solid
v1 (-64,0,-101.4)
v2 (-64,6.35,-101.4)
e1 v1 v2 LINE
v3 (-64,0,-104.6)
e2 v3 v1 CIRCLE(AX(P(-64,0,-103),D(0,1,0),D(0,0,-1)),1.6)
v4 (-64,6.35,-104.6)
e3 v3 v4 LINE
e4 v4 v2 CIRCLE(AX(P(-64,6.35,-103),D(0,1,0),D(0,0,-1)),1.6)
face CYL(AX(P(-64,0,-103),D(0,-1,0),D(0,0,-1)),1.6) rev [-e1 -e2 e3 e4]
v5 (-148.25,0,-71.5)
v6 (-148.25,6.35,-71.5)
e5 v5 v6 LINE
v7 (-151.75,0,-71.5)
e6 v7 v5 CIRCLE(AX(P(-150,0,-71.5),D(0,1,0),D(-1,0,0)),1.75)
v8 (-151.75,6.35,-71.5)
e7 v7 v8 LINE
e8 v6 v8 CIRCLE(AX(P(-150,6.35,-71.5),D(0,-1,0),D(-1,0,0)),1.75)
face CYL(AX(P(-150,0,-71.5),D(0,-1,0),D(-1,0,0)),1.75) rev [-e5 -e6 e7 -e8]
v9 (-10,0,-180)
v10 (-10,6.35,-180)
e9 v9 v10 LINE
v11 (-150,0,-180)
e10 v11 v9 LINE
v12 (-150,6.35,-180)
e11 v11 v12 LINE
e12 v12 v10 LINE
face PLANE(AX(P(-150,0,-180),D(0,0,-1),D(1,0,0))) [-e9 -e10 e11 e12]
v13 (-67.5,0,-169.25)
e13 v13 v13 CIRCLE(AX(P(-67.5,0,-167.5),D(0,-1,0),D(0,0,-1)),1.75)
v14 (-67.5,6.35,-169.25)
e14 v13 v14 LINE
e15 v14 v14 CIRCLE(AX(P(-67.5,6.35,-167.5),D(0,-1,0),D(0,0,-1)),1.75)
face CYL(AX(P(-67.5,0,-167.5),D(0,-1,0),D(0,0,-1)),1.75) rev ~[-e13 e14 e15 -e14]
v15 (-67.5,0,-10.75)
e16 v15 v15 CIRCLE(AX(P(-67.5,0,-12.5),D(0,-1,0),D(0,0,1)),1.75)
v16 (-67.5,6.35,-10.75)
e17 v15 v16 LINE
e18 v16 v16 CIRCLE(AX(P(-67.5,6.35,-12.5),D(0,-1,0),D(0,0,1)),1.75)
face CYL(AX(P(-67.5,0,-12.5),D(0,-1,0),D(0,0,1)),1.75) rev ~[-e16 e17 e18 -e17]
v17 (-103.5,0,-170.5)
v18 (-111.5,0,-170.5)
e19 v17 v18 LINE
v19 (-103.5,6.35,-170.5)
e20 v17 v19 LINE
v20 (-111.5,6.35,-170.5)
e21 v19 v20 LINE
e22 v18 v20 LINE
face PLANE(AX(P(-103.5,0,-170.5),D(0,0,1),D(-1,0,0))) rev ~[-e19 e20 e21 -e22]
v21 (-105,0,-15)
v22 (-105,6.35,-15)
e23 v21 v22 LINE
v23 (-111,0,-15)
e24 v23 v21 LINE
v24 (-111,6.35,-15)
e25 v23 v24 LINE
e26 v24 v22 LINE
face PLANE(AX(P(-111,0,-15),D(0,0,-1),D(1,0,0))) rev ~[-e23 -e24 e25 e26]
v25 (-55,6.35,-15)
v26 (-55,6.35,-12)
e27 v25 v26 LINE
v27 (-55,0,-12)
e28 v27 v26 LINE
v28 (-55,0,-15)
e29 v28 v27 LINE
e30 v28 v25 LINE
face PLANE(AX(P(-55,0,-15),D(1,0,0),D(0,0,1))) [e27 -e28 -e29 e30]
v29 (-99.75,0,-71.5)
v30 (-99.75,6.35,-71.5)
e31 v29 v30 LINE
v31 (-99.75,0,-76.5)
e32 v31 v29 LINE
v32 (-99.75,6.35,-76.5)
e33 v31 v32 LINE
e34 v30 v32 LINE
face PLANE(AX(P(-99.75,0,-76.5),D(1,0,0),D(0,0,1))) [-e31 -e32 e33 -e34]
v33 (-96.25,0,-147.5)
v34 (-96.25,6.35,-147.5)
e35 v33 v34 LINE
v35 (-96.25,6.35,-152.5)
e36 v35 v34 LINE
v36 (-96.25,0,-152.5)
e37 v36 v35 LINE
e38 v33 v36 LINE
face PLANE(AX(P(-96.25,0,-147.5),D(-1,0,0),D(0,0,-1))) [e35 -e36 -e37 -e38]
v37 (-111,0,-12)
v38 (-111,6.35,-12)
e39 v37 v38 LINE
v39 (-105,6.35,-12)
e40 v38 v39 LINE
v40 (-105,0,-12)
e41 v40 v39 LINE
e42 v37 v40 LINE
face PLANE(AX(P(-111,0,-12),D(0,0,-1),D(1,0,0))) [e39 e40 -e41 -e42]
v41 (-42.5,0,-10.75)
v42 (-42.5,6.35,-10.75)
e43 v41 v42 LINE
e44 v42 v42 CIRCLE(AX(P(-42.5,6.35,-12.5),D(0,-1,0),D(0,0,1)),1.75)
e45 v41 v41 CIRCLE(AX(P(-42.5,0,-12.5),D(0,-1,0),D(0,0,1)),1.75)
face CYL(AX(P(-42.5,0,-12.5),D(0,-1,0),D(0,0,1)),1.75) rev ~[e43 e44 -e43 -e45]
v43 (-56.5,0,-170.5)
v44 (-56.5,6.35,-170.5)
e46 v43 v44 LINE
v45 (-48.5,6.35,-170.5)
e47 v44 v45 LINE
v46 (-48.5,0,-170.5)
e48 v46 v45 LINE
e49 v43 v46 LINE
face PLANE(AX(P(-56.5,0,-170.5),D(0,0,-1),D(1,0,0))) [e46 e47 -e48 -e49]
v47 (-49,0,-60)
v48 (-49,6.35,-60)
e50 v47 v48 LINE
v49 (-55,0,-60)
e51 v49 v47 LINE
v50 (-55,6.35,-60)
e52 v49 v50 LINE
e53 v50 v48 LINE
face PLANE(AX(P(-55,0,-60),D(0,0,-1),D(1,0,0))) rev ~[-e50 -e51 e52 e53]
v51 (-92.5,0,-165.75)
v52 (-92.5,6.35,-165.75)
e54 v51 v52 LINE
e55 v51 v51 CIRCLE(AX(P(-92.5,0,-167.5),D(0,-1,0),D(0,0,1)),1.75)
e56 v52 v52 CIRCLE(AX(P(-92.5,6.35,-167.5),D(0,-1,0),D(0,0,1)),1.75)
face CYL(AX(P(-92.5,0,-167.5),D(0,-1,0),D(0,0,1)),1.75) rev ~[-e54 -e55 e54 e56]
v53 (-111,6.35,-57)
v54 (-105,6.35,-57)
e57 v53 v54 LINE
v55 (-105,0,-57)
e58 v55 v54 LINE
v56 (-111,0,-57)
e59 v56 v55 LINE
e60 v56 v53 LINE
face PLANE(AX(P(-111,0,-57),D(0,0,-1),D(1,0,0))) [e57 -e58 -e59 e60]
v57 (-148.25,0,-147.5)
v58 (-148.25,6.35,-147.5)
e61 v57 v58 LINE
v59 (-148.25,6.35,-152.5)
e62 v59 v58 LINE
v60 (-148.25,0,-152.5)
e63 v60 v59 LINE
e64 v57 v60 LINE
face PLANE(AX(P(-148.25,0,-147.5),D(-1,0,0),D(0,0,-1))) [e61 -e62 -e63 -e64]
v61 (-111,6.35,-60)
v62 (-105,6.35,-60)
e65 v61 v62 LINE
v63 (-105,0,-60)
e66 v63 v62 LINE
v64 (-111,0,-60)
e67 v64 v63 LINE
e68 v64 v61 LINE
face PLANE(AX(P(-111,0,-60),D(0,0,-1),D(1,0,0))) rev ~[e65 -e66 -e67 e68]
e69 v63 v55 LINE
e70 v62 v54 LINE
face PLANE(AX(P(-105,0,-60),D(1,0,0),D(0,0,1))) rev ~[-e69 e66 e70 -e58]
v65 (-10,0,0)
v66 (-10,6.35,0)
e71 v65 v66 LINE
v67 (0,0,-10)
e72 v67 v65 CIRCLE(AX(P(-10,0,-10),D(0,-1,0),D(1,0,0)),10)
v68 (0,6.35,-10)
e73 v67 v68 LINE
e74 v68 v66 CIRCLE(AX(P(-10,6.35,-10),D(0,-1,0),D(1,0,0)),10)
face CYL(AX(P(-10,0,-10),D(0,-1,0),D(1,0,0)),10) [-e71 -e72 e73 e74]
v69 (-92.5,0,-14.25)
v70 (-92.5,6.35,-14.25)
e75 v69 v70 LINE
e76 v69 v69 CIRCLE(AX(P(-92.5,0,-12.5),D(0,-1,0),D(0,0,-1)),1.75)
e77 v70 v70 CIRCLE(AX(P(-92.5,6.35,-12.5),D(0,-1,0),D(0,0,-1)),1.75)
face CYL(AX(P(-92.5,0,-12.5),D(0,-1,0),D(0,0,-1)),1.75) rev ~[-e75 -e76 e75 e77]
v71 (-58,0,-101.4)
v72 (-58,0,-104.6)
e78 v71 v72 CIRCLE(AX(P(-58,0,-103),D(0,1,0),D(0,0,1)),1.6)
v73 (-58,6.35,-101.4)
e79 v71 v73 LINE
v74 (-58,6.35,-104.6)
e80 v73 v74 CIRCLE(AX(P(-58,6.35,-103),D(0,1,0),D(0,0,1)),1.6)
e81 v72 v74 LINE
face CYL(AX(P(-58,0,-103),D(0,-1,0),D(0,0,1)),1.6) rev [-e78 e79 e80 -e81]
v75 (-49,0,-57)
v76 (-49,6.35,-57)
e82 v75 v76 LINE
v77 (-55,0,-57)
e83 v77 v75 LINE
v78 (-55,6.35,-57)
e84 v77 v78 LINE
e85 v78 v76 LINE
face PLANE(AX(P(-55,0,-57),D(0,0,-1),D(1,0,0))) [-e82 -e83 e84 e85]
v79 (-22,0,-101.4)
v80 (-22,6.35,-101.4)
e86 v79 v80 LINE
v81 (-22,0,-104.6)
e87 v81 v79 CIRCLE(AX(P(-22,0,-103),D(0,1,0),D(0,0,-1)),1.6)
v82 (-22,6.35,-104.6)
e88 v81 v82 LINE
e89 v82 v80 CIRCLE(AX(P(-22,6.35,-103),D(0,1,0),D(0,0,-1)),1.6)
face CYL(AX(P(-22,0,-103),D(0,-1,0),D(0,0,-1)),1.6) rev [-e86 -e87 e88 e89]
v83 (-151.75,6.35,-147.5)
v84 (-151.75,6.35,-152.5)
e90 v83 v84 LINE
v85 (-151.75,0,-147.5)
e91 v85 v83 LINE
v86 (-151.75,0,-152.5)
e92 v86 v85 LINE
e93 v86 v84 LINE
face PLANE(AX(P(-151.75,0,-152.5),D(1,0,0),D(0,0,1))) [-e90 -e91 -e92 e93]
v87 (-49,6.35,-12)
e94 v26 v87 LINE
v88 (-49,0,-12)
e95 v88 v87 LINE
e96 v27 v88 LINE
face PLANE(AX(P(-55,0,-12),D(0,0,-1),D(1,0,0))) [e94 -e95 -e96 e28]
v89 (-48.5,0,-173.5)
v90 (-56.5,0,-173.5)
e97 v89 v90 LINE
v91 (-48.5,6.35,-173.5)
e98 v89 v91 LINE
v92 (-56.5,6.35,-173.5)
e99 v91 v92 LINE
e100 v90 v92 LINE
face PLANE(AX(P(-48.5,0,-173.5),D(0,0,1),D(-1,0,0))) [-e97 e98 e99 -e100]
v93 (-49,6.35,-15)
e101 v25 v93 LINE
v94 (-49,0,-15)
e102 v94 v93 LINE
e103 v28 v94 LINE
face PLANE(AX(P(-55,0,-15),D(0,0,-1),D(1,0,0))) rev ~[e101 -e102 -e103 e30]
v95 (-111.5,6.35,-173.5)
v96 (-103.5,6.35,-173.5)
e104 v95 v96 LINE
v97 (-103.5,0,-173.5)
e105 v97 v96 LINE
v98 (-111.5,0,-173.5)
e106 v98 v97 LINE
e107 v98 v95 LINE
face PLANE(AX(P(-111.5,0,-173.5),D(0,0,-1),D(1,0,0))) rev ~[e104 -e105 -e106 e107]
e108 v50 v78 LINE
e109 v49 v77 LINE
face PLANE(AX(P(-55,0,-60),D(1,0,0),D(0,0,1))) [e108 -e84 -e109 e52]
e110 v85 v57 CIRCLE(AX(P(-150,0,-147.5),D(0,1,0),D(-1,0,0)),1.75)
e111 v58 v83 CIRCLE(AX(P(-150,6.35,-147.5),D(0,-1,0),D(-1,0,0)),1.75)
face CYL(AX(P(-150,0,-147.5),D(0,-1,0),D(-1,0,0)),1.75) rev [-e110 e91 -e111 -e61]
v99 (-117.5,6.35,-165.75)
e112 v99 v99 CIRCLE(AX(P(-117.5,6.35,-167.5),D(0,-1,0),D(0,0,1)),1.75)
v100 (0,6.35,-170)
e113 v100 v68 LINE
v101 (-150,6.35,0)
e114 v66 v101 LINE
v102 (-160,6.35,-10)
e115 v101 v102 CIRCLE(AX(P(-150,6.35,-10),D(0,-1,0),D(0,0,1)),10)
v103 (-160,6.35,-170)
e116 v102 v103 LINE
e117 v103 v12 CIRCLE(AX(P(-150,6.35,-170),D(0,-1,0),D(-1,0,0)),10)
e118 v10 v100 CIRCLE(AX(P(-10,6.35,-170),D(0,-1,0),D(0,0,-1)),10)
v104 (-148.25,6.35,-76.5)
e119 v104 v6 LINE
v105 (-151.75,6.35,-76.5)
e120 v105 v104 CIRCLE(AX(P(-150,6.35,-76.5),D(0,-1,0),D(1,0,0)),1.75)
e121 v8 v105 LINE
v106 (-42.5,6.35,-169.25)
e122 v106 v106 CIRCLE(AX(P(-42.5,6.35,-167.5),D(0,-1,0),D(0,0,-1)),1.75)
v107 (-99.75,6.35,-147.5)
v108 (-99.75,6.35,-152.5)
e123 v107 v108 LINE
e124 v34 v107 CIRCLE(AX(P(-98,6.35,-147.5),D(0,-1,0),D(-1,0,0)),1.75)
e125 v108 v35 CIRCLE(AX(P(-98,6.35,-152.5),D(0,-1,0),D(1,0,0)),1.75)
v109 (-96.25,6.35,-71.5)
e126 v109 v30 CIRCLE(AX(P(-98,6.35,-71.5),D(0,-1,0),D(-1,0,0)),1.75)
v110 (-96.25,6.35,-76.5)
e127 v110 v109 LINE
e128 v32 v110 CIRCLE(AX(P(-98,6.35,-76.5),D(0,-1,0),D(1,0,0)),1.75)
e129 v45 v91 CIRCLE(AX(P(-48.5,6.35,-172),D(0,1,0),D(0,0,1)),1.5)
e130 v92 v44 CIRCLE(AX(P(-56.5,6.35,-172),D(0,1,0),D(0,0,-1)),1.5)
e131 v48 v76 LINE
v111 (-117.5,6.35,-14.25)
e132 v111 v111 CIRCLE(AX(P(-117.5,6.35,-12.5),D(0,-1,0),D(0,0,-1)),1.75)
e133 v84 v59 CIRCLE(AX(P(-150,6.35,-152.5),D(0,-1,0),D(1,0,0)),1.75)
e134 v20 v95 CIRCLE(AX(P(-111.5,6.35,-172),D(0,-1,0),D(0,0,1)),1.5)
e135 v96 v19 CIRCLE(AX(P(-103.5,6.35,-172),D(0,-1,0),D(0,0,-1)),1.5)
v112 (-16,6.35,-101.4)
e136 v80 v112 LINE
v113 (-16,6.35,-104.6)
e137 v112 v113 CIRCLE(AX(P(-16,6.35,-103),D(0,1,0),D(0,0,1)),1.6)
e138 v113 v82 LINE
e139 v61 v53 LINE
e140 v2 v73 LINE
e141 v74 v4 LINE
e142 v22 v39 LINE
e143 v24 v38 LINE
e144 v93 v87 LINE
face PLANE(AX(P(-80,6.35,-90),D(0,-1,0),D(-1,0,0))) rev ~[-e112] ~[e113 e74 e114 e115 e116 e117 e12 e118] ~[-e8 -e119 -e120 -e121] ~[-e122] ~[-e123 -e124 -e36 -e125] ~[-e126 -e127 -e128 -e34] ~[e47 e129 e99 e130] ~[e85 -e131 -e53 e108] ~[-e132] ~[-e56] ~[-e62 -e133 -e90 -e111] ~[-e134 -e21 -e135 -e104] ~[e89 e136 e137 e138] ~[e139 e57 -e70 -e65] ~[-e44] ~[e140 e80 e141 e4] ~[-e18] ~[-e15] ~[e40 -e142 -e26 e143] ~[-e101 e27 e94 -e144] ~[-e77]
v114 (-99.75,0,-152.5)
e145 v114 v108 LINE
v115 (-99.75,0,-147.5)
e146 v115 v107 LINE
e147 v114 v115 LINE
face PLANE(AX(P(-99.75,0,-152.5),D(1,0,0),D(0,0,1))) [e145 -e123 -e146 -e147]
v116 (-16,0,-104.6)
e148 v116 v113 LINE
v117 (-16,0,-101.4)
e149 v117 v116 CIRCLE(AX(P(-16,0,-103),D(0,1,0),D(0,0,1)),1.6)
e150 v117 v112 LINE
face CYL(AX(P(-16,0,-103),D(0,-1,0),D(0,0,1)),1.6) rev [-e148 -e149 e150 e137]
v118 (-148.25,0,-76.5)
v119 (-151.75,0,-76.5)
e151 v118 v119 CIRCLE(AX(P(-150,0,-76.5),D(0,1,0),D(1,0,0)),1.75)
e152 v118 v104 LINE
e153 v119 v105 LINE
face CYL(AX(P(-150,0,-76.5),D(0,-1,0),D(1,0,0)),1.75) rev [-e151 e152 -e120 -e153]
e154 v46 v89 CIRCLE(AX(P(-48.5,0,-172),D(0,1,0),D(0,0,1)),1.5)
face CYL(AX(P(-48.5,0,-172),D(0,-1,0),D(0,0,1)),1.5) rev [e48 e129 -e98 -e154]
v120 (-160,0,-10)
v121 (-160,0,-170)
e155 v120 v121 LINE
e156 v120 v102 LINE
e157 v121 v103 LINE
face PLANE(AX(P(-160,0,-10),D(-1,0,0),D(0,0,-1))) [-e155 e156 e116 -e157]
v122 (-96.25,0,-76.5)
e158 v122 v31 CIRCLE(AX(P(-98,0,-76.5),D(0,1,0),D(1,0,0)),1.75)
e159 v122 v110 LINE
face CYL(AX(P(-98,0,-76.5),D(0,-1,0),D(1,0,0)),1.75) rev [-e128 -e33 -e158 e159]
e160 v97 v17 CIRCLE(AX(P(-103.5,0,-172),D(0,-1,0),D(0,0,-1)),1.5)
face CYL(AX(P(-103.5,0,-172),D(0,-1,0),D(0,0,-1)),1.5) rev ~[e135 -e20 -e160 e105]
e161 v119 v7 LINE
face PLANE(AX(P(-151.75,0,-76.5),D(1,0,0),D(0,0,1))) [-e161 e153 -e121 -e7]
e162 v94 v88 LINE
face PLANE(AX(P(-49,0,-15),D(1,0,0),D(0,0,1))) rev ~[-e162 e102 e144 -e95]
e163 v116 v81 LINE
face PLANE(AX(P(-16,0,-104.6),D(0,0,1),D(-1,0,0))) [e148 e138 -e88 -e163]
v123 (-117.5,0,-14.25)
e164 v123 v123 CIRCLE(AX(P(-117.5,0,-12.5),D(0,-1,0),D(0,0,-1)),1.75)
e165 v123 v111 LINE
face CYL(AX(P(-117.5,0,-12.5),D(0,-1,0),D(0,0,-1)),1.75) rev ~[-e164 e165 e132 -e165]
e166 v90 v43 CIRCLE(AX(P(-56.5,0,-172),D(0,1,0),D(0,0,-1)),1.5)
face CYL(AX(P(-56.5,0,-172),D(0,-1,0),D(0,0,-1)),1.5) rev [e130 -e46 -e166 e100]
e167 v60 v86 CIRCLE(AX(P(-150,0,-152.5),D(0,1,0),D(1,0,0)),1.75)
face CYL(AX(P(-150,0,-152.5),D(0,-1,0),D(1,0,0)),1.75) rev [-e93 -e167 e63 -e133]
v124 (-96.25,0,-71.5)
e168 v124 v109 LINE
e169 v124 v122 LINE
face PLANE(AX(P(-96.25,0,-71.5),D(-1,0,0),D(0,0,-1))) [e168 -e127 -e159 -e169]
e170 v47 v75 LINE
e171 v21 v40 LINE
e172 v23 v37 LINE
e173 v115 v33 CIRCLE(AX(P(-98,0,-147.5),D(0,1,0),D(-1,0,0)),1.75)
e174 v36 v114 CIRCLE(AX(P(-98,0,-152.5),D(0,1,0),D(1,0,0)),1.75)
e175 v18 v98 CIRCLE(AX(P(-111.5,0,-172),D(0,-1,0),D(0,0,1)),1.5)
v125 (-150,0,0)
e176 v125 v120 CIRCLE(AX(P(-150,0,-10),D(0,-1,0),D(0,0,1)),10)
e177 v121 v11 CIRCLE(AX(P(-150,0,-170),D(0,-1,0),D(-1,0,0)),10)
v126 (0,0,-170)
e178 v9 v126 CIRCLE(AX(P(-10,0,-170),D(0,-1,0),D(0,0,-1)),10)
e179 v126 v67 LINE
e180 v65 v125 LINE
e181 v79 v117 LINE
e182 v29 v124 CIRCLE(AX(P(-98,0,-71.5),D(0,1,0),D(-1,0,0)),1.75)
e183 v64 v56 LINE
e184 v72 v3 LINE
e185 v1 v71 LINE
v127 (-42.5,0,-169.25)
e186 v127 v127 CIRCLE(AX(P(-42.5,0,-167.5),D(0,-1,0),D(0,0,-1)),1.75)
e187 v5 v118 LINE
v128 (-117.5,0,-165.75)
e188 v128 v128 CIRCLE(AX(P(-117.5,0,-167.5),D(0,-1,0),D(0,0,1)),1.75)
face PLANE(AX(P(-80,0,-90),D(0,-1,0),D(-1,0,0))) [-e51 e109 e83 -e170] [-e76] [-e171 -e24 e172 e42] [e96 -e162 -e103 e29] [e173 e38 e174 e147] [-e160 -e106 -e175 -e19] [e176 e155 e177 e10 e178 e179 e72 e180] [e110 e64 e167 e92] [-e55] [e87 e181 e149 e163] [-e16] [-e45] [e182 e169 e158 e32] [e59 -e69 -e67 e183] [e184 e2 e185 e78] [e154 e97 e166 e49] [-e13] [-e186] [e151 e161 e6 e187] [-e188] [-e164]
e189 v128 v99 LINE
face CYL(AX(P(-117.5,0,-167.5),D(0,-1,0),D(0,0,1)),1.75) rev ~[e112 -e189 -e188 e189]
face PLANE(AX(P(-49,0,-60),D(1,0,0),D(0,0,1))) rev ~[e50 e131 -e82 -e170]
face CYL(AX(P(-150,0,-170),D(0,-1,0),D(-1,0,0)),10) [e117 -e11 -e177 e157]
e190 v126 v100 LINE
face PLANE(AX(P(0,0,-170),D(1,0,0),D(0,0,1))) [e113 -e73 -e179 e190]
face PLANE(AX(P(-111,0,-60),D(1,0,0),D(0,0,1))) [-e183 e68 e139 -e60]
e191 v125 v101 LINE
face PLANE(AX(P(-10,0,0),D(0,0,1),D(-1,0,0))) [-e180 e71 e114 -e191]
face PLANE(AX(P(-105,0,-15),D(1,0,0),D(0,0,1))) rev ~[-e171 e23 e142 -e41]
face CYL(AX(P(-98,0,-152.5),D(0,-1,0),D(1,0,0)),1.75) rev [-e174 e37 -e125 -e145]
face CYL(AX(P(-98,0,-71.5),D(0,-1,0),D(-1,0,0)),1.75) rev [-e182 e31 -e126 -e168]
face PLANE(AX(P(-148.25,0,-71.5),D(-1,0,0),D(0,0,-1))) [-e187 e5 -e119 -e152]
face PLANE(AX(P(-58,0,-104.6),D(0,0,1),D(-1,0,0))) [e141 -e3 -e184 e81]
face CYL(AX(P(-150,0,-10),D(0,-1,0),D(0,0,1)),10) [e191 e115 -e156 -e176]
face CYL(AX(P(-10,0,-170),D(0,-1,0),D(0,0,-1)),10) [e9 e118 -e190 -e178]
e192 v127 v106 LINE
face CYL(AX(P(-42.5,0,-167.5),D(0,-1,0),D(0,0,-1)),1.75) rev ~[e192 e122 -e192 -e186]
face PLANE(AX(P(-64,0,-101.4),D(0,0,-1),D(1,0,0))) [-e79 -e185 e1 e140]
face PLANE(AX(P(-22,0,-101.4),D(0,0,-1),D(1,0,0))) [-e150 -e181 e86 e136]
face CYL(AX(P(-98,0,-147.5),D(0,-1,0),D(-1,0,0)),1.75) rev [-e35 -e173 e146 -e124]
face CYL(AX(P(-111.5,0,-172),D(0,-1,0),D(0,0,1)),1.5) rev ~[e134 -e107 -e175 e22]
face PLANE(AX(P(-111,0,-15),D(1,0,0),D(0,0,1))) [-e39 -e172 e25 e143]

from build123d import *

# Parameters (mm, degrees)
MAIN_DEPTH   = 6.35
ODROID_REACH = 242.916
REG_DEPTH    = 6.35
SKETCH10_W   = 6
SKETCH10_H   = 3
BAT_DEPTH    = 6.35
SKETCH11_R   = 1.75
MOUNT_DEPTH  = 6.35
CAMERA_DEPTH = 6.35


with BuildPart() as part:
    # Sketch1 → main (new body)
    with BuildSketch(Plane(origin=(0, 0, 0), x_dir=(1, 0, 0), z_dir=(0, 1, 0))):
        with BuildLine():
            Line((-10, 0), (-150, 0))
            ThreePointArc((-150, 0), (-157.071067812, 2.928932188), (-160, 10))
            Line((-160, 10), (-160, 170))
            ThreePointArc((-160, 170), (-157.071067812, 177.071067812), (-150, 180))
            Line((-150, 180), (-10, 180))
            ThreePointArc((-10, 180), (-2.928932188, 177.071067812), (0, 170))
            Line((0, 170), (0, 10))
            ThreePointArc((0, 10), (-2.928932188, 2.928932188), (-10, 0))
        make_face()
    extrude(amount=MAIN_DEPTH)

    # Sketch8 → odroid (cut, up to next)
    with BuildSketch(Plane.XZ, mode=Mode.PRIVATE) as odroid_sk1:
        with BuildLine():
            Line((-96.25, -147.5), (-96.25, -152.5))
            ThreePointArc((-96.25, -152.5), (-98, -154.25), (-99.75, -152.5))
            Line((-99.75, -152.5), (-99.75, -147.5))
            ThreePointArc((-99.75, -147.5), (-98, -145.75), (-96.25, -147.5))
        make_face()
    odroid_tool1 = extrude(odroid_sk1.sketch, amount=-ODROID_REACH, mode=Mode.PRIVATE) & part.part
    # Sketch8 → odroid (cut, up to next)
    with BuildSketch(Plane.XZ, mode=Mode.PRIVATE) as odroid_sk2:
        with BuildLine():
            Line((-96.25, -71.5), (-96.25, -76.5))
            ThreePointArc((-96.25, -76.5), (-98, -78.25), (-99.75, -76.5))
            Line((-99.75, -76.5), (-99.75, -71.5))
            ThreePointArc((-99.75, -71.5), (-98, -69.75), (-96.25, -71.5))
        make_face()
    odroid_tool2 = extrude(odroid_sk2.sketch, amount=-ODROID_REACH, mode=Mode.PRIVATE) & part.part
    # Sketch8 → odroid (cut, up to next)
    with BuildSketch(Plane.XZ, mode=Mode.PRIVATE) as odroid_sk3:
        with BuildLine():
            Line((-148.25, -147.5), (-148.25, -152.5))
            ThreePointArc((-148.25, -152.5), (-150, -154.25), (-151.75, -152.5))
            Line((-151.75, -152.5), (-151.75, -147.5))
            ThreePointArc((-151.75, -147.5), (-150, -145.75), (-148.25, -147.5))
        make_face()
    odroid_tool3 = extrude(odroid_sk3.sketch, amount=-ODROID_REACH, mode=Mode.PRIVATE) & part.part
    # Sketch8 → odroid (cut, up to next)
    with BuildSketch(Plane.XZ, mode=Mode.PRIVATE) as odroid_sk4:
        with BuildLine():
            Line((-148.25, -71.5), (-148.25, -76.5))
            ThreePointArc((-148.25, -76.5), (-150, -78.25), (-151.75, -76.5))
            Line((-151.75, -76.5), (-151.75, -71.5))
            ThreePointArc((-151.75, -71.5), (-150, -69.75), (-148.25, -71.5))
        make_face()
    odroid_tool4 = extrude(odroid_sk4.sketch, amount=-ODROID_REACH, mode=Mode.PRIVATE) & part.part
    add(odroid_tool1.solids().sort_by_distance((-98, 0, -150))[0], mode=Mode.SUBTRACT)
    add(odroid_tool2.solids().sort_by_distance((-98, 0, -74))[0], mode=Mode.SUBTRACT)
    add(odroid_tool3.solids().sort_by_distance((-150, 0, -150))[0], mode=Mode.SUBTRACT)
    add(odroid_tool4.solids().sort_by_distance((-150, 0, -74))[0], mode=Mode.SUBTRACT)

    # Sketch9 → reg (cut)
    with BuildSketch(Plane.XZ):
        with BuildLine():
            Line((-58, -104.6), (-64, -104.6))
            ThreePointArc((-64, -104.6), (-65.6, -103), (-64, -101.4))
            Line((-64, -101.4), (-58, -101.4))
            ThreePointArc((-58, -101.4), (-56.4, -103), (-58, -104.6))
        make_face()
        with BuildLine():
            Line((-16, -104.6), (-22, -104.6))
            ThreePointArc((-22, -104.6), (-23.6, -103), (-22, -101.4))
            Line((-22, -101.4), (-16, -101.4))
            ThreePointArc((-16, -101.4), (-14.4, -103), (-16, -104.6))
        make_face()
    extrude(amount=-REG_DEPTH, mode=Mode.SUBTRACT)

    # Sketch10 → bat (cut)
    with BuildSketch(Plane.XZ):
        with Locations((-52, -58.5)):
            Rectangle(SKETCH10_W, SKETCH10_H)
        with Locations((-108, -13.5)):
            Rectangle(SKETCH10_W, SKETCH10_H)
        with Locations((-108, -58.5)):
            Rectangle(SKETCH10_W, SKETCH10_H)
        with Locations((-52, -13.5)):
            Rectangle(SKETCH10_W, SKETCH10_H)
    extrude(amount=-BAT_DEPTH, mode=Mode.SUBTRACT)

    # Sketch11 → mount (cut)
    with BuildSketch(Plane.XZ):
        with Locations(Location((-67.5, -167.5, 0), (0, 0, 270))):
            Circle(SKETCH11_R)
        with Locations(Location((-42.5, -167.5, 0), (0, 0, 270))):
            Circle(SKETCH11_R)
        with Locations(Location((-117.5, -12.5, 0), (0, 0, 270))):
            Circle(SKETCH11_R)
        with Locations(Location((-92.5, -167.5, 0), (0, 0, 90))):
            Circle(SKETCH11_R)
        with Locations(Location((-92.5, -12.5, 0), (0, 0, 270))):
            Circle(SKETCH11_R)
        with Locations(Location((-42.5, -12.5, 0), (0, 0, 90))):
            Circle(SKETCH11_R)
        with Locations(Location((-67.5, -12.5, 0), (0, 0, 90))):
            Circle(SKETCH11_R)
        with Locations(Location((-117.5, -167.5, 0), (0, 0, 90))):
            Circle(SKETCH11_R)
    extrude(amount=-MOUNT_DEPTH, mode=Mode.SUBTRACT)

    # Sketch12 → camera (cut)
    with BuildSketch(Plane.XZ):
        with BuildLine():
            Line((-48.5, -173.5), (-56.5, -173.5))
            ThreePointArc((-56.5, -173.5), (-58, -172), (-56.5, -170.5))
            Line((-56.5, -170.5), (-48.5, -170.5))
            ThreePointArc((-48.5, -170.5), (-47, -172), (-48.5, -173.5))
        make_face()
        with BuildLine():
            Line((-111.5, -173.5), (-103.5, -173.5))
            ThreePointArc((-103.5, -173.5), (-102, -172), (-103.5, -170.5))
            Line((-103.5, -170.5), (-111.5, -170.5))
            ThreePointArc((-111.5, -170.5), (-113, -172), (-111.5, -173.5))
        make_face()
    extrude(amount=-CAMERA_DEPTH, mode=Mode.SUBTRACT)


solid = part.part
